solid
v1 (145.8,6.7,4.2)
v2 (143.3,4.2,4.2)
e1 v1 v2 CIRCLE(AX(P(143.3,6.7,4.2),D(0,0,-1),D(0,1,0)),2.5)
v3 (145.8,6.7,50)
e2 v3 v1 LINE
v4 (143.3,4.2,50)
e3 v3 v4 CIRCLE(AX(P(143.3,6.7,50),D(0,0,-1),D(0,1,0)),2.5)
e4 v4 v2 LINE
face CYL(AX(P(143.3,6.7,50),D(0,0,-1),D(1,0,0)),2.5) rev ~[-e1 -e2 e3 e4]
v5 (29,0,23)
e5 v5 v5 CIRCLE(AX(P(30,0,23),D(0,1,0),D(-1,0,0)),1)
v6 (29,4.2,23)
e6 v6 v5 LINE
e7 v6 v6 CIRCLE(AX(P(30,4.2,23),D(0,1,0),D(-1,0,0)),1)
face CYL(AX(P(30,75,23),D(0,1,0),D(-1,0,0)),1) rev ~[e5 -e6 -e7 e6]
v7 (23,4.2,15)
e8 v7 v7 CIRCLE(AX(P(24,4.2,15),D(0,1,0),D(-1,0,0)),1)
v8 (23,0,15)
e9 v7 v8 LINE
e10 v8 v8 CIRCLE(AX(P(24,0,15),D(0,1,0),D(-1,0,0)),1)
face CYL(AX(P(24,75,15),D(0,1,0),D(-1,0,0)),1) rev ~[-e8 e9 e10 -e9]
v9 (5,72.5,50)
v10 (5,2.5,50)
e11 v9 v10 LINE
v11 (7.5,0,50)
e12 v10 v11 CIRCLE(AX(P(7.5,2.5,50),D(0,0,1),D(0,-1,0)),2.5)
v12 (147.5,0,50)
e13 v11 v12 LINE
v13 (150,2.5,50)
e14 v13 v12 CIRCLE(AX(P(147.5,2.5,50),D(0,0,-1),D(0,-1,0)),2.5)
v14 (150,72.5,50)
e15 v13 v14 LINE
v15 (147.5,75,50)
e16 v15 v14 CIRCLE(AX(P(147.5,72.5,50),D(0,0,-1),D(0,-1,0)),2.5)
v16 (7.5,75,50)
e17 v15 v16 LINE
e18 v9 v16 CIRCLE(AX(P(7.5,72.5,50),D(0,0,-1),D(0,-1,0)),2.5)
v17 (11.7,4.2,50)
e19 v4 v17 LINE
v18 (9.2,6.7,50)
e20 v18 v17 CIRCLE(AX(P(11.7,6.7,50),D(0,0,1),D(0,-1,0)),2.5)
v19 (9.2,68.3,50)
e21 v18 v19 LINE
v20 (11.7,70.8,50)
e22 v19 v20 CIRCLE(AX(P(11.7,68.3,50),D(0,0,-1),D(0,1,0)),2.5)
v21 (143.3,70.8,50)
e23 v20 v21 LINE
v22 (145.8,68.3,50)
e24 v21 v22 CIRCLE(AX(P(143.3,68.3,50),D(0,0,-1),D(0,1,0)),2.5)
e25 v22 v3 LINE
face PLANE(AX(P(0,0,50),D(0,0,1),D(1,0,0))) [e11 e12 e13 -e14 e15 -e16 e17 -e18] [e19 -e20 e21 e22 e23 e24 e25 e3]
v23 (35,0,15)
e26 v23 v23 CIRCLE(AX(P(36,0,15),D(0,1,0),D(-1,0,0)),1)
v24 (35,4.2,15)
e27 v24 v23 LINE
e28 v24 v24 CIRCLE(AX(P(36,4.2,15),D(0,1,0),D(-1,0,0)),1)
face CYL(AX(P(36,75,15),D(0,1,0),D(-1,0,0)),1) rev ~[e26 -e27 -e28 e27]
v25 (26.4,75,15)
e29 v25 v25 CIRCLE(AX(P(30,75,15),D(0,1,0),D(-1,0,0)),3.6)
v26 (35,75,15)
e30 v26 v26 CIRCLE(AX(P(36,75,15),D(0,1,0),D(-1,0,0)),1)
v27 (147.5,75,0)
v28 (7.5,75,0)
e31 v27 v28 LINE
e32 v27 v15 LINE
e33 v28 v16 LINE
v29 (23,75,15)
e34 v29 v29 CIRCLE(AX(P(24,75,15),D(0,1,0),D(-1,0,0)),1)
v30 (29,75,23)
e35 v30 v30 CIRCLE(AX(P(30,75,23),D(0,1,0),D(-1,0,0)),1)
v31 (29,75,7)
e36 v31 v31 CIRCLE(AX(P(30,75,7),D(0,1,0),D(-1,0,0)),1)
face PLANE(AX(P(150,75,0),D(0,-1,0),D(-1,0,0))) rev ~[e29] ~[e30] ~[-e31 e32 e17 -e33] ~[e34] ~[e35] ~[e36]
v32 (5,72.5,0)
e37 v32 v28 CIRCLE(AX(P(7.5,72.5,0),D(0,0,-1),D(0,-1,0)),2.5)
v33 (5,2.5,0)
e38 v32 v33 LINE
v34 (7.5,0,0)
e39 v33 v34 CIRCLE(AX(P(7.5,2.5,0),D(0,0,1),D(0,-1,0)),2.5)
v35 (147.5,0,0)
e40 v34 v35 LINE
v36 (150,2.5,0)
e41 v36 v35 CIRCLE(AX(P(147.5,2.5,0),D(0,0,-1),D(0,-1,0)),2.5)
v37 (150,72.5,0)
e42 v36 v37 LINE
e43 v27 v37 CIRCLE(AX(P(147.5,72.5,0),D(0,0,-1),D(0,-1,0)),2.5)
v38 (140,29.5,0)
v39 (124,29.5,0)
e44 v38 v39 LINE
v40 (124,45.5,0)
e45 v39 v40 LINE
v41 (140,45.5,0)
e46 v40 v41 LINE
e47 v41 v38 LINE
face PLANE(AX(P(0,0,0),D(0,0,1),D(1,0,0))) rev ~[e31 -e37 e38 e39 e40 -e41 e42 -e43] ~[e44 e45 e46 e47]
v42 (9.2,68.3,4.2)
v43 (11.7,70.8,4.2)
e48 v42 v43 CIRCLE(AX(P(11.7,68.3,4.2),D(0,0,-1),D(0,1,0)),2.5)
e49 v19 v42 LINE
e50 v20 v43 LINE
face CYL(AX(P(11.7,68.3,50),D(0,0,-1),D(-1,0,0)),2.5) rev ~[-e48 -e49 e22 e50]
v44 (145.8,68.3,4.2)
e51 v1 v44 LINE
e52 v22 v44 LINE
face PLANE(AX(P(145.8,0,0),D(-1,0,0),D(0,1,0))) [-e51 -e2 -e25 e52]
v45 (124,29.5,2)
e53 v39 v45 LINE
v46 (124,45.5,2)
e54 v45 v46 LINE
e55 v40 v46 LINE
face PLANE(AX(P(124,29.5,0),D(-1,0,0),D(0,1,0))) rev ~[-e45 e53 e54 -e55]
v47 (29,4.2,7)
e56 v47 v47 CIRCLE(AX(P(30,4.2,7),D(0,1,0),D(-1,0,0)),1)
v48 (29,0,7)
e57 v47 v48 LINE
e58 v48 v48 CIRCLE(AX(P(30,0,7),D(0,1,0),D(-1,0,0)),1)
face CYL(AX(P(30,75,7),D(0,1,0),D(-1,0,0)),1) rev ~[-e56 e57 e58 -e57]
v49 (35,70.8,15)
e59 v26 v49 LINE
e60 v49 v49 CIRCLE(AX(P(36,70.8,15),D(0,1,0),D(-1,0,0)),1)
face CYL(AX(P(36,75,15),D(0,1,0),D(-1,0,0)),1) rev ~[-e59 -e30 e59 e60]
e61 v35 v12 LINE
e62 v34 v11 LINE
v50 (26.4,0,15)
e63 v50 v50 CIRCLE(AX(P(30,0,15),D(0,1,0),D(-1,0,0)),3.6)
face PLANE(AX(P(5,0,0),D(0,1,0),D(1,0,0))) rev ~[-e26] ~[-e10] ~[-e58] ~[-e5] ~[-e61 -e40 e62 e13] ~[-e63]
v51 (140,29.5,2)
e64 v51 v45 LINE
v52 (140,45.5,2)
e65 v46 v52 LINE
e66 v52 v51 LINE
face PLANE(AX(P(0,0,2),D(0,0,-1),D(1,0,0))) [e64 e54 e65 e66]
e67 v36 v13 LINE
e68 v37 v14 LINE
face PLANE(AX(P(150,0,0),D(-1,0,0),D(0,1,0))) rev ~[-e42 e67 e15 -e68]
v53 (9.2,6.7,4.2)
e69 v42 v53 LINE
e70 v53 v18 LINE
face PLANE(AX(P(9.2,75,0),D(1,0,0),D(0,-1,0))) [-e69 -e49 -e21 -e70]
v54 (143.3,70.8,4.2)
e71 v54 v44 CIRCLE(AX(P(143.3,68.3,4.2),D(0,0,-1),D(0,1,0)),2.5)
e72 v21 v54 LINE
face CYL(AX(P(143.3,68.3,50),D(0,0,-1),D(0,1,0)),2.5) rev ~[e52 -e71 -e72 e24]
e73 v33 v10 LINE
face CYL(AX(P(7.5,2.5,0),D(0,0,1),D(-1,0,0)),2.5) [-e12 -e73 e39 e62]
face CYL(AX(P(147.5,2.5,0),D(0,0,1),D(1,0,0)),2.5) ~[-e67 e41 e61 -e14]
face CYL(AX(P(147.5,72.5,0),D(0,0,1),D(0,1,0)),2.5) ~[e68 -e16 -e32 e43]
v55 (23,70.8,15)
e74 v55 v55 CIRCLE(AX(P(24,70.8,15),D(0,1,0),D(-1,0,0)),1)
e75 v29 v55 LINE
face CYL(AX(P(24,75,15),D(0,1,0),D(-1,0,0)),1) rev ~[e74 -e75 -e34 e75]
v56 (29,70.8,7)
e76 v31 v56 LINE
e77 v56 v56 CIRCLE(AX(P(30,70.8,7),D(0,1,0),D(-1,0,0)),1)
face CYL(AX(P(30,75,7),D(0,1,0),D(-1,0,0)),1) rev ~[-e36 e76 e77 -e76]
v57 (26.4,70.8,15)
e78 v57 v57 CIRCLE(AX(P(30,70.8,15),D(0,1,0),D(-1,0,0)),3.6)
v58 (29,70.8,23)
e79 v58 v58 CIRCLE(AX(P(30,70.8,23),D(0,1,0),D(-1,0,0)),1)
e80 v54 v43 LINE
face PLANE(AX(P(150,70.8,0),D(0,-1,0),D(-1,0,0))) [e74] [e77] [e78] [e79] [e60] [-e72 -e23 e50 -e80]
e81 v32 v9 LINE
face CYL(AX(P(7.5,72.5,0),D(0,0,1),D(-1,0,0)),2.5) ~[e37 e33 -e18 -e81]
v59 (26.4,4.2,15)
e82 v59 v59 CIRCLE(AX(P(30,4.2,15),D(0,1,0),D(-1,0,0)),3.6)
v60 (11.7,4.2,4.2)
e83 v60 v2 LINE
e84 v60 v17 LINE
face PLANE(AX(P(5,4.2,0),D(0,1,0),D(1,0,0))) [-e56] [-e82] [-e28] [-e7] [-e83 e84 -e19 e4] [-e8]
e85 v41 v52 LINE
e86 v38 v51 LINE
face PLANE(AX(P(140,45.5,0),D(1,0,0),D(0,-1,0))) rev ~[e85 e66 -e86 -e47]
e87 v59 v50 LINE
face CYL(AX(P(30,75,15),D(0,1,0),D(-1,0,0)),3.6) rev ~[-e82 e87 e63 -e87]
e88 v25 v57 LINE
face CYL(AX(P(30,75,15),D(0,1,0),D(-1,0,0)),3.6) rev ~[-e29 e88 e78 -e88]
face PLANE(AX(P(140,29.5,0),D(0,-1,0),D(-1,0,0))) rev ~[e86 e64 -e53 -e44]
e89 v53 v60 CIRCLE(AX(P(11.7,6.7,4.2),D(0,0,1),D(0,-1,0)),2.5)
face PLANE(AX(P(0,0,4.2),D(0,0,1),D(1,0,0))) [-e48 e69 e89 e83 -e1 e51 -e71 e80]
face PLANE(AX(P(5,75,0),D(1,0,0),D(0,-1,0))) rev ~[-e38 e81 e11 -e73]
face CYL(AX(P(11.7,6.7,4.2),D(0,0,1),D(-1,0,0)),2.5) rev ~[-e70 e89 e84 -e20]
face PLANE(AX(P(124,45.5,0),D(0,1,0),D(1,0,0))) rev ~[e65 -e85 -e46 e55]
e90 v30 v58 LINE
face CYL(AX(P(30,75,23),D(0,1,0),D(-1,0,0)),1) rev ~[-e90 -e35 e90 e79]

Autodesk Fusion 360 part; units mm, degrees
sketch "Skizze1" plane through (0, 0, 0) normal (0, 0, 1) x (1, 0, 0)
  line L0 (5, 0) -> (150, 0)
  line L1 (150, 0) -> (150, 75)
  line L2 (150, 75) -> (5, 75)
  line L3 (5, 75) -> (5, 0)
extrude "Extrusion1" add sketch "Skizze1" along normal blind 50
shell "Schale1" thickness 4.2 removed faces 1 at (53.3333, 50, 50)
fillet "Abrundung1" radius 2.5 1 edges at (5, 0, 25)
fillet "Abrundung2" radius 2.5 1 edges at (9.2, 4.2, 27.1)
fillet "Abrundung3" radius 2.5 1 edges at (9.2, 70.8, 27.1)
fillet "Abrundung4" radius 2.5 1 edges at (5, 75, 25)
fillet "Abrundung5" radius 2.5 1 edges at (150, 75, 25)
fillet "Abrundung6" radius 2.5 1 edges at (145.8, 70.8, 27.1)
fillet "Abrundung7" radius 2.5 1 edges at (145.8, 4.2, 27.1)
fillet "Abrundung8" radius 2.5 1 edges at (150, 0, 25)
sketch "Skizze2" plane through (0, 75, 0) normal (0, 1, 0) x (-1, 0, 0)
  line L0 (-147.5, 50) -> (-147.5, 0)
  line L1 (-147.5, 0) -> (-7.5, 0)
  line L2 (-7.5, 0) -> (-7.5, 50)
  line L3 (-7.5, 50) -> (-147.5, 50)
  circle A0 centre (-30, 7) radius 1
  dimension "d20" = 2
extrude "Extrusion2" cut sketch "Skizze2" against normal blind 300 contours A0
sketch "Skizze3" plane through (0, 75, 0) normal (0, 1, 0) x (-1, 0, 0)
  circle A0 centre (-30, 7) radius 1
  line L0 (-147.5, 50) -> (-147.5, 0)
  line L1 (-147.5, 0) -> (-7.5, 0)
  line L2 (-7.5, 0) -> (-7.5, 50)
  line L3 (-7.5, 50) -> (-147.5, 50)
  circle A1 centre (-30, 23) radius 1
  dimension "d23" = 2
extrude "Extrusion3" cut sketch "Skizze3" against normal blind 300 contours A1
sketch "Skizze4" plane through (0, 75, 0) normal (0, 1, 0) x (-1, 0, 0)
  circle A0 centre (-30, 23) radius 1
  circle A1 centre (-30, 7) radius 1
  line L0 (-147.5, 50) -> (-147.5, 0)
  line L1 (-147.5, 0) -> (-7.5, 0)
  line L2 (-7.5, 0) -> (-7.5, 50)
  line L3 (-7.5, 50) -> (-147.5, 50)
  circle A2 centre (-24, 15) radius 1
  circle A3 centre (-36, 15) radius 1
  dimension "d26" = 2
  dimension "d27" = 2
extrude "Extrusion4" cut sketch "Skizze4" against normal blind 300 contours A2
sketch "Skizze5" plane through (0, 75, 0) normal (0, 1, 0) x (-1, 0, 0)
  circle A0 centre (-24, 15) radius 1
  circle A1 centre (-30, 23) radius 1
  circle A2 centre (-30, 7) radius 1
  line L0 (-147.5, 50) -> (-147.5, 0)
  line L1 (-147.5, 0) -> (-7.5, 0)
  line L2 (-7.5, 0) -> (-7.5, 50)
  line L3 (-7.5, 50) -> (-147.5, 50)
  circle A3 centre (-36, 15) radius 1
  dimension "d30" = 2
extrude "Extrusion5" cut sketch "Skizze5" against normal blind 300 contours A3
sketch "Skizze6" plane through (0, 75, 0) normal (0, 1, 0) x (-1, 0, 0)
  circle A0 centre (-36, 15) radius 1
  circle A1 centre (-24, 15) radius 1
  circle A2 centre (-30, 23) radius 1
  circle A3 centre (-30, 7) radius 1
  line L0 (-147.5, 50) -> (-147.5, 0)
  line L1 (-147.5, 0) -> (-7.5, 0)
  line L2 (-7.5, 0) -> (-7.5, 50)
  line L3 (-7.5, 50) -> (-147.5, 50)
  circle A4 centre (-30, 15) radius 3.6
  dimension "d33" = 7.2
extrude "Extrusion6" cut sketch "Skizze6" against normal blind 300 contours A4
sketch "Skizze7" plane through (0, 0, 0) normal (0, 0, -1) x (1, 0, 0)
  arc A0 (150, -2.5) -> (147.5, 0) centre (147.5, -2.5) ccw
  line L0 (147.5, 0) -> (7.5, 0)
  arc A1 (7.5, 0) -> (5, -2.5) centre (7.5, -2.5) ccw
  line L1 (5, -2.5) -> (5, -72.5)
  arc A2 (5, -72.5) -> (7.5, -75) centre (7.5, -72.5) ccw
  line L2 (7.5, -75) -> (147.5, -75)
  arc A3 (147.5, -75) -> (150, -72.5) centre (147.5, -72.5) ccw
  line L3 (150, -72.5) -> (150, -2.5)
  line L4 (140, -29.5) -> (124, -29.5)
  line L5 (124, -29.5) -> (124, -45.5)
  line L6 (124, -45.5) -> (140, -45.5)
  line L7 (140, -45.5) -> (140, -29.5)
extrude "Extrusion7" cut sketch "Skizze7" against normal blind 2 contours L4 L5 L6 L7
